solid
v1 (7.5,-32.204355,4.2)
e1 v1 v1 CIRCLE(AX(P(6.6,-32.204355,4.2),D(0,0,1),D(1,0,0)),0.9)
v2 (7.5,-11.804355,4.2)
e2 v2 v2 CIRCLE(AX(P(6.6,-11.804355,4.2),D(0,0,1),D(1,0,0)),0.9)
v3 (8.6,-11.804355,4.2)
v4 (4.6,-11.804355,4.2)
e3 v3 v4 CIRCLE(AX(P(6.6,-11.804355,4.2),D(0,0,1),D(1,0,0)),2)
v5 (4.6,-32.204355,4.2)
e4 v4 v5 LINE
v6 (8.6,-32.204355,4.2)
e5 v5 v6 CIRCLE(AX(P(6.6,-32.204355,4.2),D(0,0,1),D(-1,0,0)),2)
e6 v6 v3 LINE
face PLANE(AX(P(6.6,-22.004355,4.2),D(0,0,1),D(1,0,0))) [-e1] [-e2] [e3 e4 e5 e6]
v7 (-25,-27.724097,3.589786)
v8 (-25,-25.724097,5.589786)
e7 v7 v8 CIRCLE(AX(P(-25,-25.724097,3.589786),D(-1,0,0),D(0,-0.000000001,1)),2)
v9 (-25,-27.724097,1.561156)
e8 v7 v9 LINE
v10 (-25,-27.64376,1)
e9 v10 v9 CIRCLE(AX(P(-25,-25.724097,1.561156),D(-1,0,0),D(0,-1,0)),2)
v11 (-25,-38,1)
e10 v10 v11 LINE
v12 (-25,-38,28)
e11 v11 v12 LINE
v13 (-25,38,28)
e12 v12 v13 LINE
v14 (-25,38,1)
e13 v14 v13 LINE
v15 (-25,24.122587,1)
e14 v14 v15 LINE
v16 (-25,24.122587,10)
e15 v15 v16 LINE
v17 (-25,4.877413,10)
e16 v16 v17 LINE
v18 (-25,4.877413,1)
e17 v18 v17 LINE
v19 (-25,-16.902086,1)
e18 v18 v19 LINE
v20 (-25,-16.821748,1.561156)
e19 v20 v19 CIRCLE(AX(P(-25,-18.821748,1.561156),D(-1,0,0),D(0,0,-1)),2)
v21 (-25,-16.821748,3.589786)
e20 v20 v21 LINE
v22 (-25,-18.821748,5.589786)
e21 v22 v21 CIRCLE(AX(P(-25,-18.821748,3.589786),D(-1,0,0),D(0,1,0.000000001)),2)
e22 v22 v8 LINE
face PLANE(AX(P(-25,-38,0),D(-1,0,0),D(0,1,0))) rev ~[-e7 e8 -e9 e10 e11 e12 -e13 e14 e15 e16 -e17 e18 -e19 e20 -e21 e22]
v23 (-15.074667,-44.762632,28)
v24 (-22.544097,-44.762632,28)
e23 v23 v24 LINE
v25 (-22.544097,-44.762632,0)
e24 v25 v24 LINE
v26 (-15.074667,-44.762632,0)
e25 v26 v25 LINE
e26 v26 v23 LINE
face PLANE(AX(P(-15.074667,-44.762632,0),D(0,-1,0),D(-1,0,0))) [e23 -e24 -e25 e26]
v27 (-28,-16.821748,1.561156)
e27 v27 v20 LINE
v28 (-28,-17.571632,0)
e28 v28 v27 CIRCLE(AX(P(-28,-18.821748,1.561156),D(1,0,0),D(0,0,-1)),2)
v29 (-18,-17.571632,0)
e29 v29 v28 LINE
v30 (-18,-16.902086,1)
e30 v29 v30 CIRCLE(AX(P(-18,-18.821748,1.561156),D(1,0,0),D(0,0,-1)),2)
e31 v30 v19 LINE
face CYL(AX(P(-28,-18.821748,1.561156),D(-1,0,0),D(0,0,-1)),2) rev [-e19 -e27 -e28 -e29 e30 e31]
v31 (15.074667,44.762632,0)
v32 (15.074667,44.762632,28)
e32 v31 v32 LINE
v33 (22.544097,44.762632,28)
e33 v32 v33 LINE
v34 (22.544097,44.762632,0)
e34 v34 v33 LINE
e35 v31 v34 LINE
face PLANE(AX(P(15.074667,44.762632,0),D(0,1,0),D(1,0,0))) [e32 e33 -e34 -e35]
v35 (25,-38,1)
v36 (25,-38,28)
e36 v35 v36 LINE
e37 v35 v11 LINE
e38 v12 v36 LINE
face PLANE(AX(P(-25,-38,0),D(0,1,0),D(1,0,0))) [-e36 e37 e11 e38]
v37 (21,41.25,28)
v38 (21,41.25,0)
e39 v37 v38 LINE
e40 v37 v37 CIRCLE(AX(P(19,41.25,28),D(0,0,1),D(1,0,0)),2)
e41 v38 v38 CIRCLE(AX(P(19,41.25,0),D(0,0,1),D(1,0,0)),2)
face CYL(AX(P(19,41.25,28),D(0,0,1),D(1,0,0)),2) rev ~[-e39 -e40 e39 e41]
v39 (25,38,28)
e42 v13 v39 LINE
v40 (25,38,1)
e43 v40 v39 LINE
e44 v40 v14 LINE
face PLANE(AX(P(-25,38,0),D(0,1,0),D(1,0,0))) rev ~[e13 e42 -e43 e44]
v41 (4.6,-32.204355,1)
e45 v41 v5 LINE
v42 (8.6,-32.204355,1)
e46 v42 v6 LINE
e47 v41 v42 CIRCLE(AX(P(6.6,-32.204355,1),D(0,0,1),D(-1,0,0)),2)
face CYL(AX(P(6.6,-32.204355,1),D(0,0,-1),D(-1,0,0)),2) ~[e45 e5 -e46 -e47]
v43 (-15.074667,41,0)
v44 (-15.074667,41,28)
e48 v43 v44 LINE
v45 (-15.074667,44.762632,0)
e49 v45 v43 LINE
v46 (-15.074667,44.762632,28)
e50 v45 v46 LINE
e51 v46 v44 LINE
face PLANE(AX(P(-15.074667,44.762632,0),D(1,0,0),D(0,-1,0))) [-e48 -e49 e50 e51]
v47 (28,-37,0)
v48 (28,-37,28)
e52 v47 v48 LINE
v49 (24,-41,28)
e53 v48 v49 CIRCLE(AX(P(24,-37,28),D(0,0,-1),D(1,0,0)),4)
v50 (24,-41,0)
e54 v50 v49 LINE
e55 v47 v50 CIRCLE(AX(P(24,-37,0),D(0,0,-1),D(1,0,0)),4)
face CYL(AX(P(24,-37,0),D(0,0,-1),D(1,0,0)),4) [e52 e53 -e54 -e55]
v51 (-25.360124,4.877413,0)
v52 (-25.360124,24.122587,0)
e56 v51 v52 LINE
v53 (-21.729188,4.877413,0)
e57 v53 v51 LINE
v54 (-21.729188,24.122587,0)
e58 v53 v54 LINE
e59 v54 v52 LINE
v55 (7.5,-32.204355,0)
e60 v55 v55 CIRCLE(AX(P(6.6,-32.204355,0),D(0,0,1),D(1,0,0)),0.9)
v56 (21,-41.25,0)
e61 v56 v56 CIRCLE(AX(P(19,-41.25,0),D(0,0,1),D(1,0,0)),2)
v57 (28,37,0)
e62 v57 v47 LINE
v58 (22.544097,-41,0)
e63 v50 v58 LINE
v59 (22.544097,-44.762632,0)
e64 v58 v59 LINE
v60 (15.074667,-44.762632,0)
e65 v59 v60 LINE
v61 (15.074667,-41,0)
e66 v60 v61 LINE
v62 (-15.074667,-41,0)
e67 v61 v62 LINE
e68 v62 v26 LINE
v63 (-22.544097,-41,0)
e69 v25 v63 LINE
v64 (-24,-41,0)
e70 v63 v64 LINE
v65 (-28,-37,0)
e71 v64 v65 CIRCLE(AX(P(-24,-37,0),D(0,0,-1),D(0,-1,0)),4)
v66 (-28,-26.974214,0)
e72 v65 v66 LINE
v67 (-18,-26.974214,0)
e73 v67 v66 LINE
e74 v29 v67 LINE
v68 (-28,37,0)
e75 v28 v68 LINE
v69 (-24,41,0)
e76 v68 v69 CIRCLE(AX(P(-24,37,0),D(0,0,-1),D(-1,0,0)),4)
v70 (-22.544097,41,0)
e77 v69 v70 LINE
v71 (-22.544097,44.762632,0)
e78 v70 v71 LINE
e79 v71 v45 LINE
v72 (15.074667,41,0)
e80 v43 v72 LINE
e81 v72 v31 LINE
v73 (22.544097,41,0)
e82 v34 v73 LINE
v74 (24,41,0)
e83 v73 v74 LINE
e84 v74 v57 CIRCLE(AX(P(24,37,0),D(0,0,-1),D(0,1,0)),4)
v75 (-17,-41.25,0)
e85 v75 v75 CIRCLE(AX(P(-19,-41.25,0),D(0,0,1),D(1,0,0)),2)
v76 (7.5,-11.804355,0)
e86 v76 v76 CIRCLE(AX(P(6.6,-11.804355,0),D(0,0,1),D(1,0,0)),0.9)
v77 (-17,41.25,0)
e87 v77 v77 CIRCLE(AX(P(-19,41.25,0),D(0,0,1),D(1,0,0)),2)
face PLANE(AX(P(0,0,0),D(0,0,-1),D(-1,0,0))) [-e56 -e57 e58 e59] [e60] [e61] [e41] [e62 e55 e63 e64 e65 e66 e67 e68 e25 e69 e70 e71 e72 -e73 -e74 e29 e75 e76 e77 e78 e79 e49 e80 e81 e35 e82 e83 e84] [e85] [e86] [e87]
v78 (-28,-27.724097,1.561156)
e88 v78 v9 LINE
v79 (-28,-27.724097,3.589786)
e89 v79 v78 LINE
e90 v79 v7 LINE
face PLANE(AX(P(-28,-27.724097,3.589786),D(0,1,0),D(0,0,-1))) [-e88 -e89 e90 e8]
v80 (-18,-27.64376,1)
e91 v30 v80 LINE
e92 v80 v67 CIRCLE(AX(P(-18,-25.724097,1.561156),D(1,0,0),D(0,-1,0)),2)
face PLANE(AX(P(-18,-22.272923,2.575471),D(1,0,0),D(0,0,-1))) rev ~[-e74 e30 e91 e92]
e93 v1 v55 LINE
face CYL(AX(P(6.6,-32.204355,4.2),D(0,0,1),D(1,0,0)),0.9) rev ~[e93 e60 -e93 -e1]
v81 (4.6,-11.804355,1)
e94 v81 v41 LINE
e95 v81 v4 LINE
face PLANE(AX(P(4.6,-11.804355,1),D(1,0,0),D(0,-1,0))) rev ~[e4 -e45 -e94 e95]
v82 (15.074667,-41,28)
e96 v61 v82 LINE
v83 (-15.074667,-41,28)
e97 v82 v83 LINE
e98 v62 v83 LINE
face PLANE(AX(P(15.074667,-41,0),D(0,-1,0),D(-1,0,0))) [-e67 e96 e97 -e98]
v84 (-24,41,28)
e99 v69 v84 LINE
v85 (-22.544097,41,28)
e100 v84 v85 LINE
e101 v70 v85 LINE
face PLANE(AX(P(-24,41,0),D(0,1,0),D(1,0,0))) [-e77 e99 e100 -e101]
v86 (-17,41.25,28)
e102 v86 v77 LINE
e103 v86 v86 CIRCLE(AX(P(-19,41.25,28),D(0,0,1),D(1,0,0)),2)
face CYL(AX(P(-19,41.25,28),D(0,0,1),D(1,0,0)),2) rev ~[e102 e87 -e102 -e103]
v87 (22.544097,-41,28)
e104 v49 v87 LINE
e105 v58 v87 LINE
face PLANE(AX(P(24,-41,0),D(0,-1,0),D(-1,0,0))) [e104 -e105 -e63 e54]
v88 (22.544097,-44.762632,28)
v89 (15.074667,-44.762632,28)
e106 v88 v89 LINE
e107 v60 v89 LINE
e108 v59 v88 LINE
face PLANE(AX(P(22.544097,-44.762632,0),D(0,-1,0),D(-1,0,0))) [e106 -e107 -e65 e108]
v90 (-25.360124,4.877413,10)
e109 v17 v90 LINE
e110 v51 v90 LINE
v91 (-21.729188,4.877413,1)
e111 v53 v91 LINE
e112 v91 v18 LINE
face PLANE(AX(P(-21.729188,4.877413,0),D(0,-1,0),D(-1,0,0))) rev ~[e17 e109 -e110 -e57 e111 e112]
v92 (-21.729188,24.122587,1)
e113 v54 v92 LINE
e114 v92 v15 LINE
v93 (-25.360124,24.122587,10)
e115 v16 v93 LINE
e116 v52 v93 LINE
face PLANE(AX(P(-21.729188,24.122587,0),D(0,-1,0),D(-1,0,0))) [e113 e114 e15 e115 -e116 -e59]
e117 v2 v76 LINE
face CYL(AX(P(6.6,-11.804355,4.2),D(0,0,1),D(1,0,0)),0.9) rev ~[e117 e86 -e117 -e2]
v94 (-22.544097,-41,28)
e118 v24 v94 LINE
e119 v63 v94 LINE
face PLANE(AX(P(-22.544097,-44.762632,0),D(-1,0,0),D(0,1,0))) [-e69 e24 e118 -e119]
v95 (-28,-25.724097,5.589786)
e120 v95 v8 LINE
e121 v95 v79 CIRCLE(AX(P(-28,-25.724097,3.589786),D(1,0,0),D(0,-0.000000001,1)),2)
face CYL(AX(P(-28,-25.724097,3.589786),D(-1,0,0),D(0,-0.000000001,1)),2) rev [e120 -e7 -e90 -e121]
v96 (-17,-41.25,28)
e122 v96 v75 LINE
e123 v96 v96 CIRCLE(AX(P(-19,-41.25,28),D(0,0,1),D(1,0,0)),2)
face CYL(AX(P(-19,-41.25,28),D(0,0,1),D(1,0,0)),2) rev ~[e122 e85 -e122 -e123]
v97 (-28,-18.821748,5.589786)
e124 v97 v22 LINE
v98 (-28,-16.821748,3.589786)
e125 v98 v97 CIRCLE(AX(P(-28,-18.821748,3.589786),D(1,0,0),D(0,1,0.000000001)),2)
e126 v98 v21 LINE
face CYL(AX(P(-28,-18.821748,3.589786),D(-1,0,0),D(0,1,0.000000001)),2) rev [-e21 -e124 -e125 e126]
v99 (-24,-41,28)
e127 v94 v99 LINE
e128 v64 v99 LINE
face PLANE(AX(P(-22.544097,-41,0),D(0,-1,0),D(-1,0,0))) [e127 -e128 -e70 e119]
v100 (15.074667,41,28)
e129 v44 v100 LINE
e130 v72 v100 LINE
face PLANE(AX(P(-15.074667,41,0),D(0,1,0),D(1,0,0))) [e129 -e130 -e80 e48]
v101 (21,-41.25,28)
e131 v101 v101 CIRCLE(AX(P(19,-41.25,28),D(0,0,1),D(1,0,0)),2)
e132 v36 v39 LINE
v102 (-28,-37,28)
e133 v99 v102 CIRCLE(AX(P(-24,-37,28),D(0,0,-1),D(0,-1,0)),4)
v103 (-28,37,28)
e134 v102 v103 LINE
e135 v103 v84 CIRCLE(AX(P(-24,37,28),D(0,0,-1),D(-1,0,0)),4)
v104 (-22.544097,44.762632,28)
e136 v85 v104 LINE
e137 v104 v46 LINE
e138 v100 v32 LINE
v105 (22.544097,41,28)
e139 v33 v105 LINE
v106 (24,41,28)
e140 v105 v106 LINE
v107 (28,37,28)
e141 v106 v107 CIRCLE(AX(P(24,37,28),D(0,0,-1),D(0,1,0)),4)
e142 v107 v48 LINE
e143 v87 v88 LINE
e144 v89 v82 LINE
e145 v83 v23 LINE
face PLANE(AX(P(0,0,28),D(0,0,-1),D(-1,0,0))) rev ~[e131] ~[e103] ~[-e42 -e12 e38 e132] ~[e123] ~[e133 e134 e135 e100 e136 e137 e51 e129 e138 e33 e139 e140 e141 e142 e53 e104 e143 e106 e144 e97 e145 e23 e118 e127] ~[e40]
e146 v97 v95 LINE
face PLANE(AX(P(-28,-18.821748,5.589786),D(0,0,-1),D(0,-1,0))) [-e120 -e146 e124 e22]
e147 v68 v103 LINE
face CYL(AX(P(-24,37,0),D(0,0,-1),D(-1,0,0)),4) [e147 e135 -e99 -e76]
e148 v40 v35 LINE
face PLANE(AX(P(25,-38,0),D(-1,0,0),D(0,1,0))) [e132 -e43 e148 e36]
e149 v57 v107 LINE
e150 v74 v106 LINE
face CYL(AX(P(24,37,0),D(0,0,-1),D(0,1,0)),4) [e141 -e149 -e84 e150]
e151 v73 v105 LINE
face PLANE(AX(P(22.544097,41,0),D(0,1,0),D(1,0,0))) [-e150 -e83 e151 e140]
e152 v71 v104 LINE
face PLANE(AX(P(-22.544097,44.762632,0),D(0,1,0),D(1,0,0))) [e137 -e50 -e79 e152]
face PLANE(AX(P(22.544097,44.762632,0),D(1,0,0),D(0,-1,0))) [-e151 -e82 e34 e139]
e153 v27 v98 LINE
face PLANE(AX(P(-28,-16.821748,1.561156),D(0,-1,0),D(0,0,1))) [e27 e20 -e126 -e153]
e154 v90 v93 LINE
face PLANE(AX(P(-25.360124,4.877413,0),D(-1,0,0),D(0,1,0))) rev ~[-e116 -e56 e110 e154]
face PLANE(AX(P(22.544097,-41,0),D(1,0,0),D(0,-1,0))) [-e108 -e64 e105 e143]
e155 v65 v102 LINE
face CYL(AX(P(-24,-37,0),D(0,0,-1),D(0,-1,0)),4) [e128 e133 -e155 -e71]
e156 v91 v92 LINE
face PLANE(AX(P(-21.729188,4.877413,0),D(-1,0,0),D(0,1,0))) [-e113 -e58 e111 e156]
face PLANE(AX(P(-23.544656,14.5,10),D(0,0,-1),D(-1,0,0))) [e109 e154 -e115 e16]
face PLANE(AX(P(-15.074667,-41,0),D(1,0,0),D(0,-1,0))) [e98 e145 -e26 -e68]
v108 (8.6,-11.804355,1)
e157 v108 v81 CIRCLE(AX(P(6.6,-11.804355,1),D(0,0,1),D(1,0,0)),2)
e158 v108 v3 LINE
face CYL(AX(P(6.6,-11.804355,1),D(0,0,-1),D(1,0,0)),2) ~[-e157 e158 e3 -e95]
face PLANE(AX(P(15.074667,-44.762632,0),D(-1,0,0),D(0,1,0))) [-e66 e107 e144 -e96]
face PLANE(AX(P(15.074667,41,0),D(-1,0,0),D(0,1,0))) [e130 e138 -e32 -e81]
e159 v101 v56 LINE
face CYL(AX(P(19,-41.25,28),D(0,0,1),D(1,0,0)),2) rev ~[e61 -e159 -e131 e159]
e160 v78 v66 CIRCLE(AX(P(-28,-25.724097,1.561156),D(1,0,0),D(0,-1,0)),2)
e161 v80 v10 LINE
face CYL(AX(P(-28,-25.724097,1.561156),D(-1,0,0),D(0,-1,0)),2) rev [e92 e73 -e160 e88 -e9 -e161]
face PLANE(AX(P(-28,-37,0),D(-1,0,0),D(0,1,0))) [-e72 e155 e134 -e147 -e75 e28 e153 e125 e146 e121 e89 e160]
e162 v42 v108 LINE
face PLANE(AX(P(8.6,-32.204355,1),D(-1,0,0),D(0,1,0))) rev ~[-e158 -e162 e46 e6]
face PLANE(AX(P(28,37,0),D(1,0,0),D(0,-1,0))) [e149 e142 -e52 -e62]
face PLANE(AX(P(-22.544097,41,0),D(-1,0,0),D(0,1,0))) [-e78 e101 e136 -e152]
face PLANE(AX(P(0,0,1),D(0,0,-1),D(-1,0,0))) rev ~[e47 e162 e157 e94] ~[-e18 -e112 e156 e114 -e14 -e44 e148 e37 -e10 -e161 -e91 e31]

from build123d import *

# Parameters (mm, degrees)
CROQUIS1_W              = 50
CROQUIS1_H              = 76
SALIENTE_EXTRUIR1_DEPTH = 28
CROQUIS2_R              = 2
CORTAR_EXTRUIR1_DEPTH   = 28
CROQUIS3_W              = 51.795240056
CROQUIS3_H              = 77.113165798
SALIENTE_EXTRUIR2_DEPTH = 1
CROQUIS4_W              = 3.63093588
CROQUIS4_H              = 19.245174354
CORTAR_EXTRUIR2_DEPTH   = 10
SALIENTE_EXTRUIR3_DEPTH = 3.2
CROQUIS6_R              = 0.9
CORTAR_EXTRUIR3_DEPTH   = 10
CORTAR_EXTRUIR4_DEPTH   = 10


with BuildPart() as part:
    # Croquis1 → Saliente-Extruir1 (new body)
    with BuildSketch(Plane.XY):
        with BuildLine():
            Line((-24, 41), (-22.544096538, 41))
            Line((-22.544096538, 41), (-22.544096538, 44.762632311))
            Line((-22.544096538, 44.762632311), (-15.074666962, 44.762632311))
            Line((-15.074666962, 44.762632311), (-15.074666962, 41))
            Line((-15.074666962, 41), (15.074666962, 41))
            Line((15.074666962, 41), (15.074666962, 44.762632311))
            Line((15.074666962, 44.762632311), (22.544096538, 44.762632311))
            Line((22.544096538, 44.762632311), (22.544096538, 41))
            Line((22.544096538, 41), (24, 41))
            ThreePointArc((24, 41), (26.828427125, 39.828427125), (28, 37))
            Line((28, 37), (28, -37))
            ThreePointArc((28, -37), (26.828427125, -39.828427125), (24, -41))
            Line((24, -41), (22.544096538, -41))
            Line((22.544096538, -41), (22.544096538, -44.762632311))
            Line((22.544096538, -44.762632311), (15.074666962, -44.762632311))
            Line((15.074666962, -44.762632311), (15.074666962, -41))
            Line((15.074666962, -41), (-15.074666962, -41))
            Line((-15.074666962, -41), (-15.074666962, -44.762632311))
            Line((-15.074666962, -44.762632311), (-22.544096538, -44.762632311))
            Line((-22.544096538, -44.762632311), (-22.544096538, -41))
            Line((-22.544096538, -41), (-24, -41))
            ThreePointArc((-24, -41), (-26.828427125, -39.828427125), (-28, -37))
            Line((-28, -37), (-28, 37))
            ThreePointArc((-28, 37), (-26.828427125, 39.828427125), (-24, 41))
        make_face()
        Rectangle(CROQUIS1_W, CROQUIS1_H, mode=Mode.SUBTRACT)
    extrude(amount=SALIENTE_EXTRUIR1_DEPTH)

    # Croquis2 → Cortar-Extruir1 (cut)
    with BuildSketch(Plane.XY.offset(28)):
        with Locations((-19, 41.25)):
            Circle(CROQUIS2_R)
        with Locations((19, 41.25)):
            Circle(CROQUIS2_R)
        with Locations((-19, -41.25)):
            Circle(CROQUIS2_R)
        with Locations((19, -41.25)):
            Circle(CROQUIS2_R)
    extrude(amount=-CORTAR_EXTRUIR1_DEPTH, mode=Mode.SUBTRACT)

    # Croquis3 → Saliente-Extruir2 (add)
    with BuildSketch(Plane(origin=(0, 0, 0), x_dir=(-1, 0, 0), z_dir=(0, 0, -1))):
        Rectangle(CROQUIS3_W, CROQUIS3_H)
    extrude(amount=-SALIENTE_EXTRUIR2_DEPTH)

    # Croquis4 → Cortar-Extruir2 (cut)
    with BuildSketch(Plane(origin=(0, 0, 0), x_dir=(-1, 0, 0), z_dir=(0, 0, -1))):
        with Locations((23.544656322, 14.5)):
            Rectangle(CROQUIS4_W, CROQUIS4_H)
    extrude(amount=-CORTAR_EXTRUIR2_DEPTH, mode=Mode.SUBTRACT)

    # Croquis5 → Saliente-Extruir3 (add)
    with BuildSketch(Plane.XY.offset(1)):
        with BuildLine():
            Line((8.6, -32.204355183), (8.6, -11.804355183))
            ThreePointArc((8.6, -11.804355183), (6.6, -9.804355183), (4.6, -11.804355183))
            Line((4.6, -11.804355183), (4.6, -32.204355183))
            ThreePointArc((4.6, -32.204355183), (6.6, -34.204355183), (8.6, -32.204355183))
        make_face()
    extrude(amount=SALIENTE_EXTRUIR3_DEPTH)

    # Croquis6 → Cortar-Extruir3 (cut)
    with BuildSketch(Plane.XY.offset(4.2)):
        with Locations((6.6, -32.204355183)):
            Circle(CROQUIS6_R)
        with Locations((6.6, -11.804355183)):
            Circle(CROQUIS6_R)
    extrude(amount=-CORTAR_EXTRUIR3_DEPTH, mode=Mode.SUBTRACT)

    # Croquis7 → Cortar-Extruir4 (cut)
    with BuildSketch(Plane.ZY.offset(28)):
        with BuildLine():
            Line((3.589785913, -27.724097248), (1.561156319, -27.724097248))
            ThreePointArc((1.561156319, -27.724097248), (0.146942756, -27.13831081), (-0.438843681, -25.724097248))
            Line((-0.438843681, -25.724097248), (-0.438843681, -18.821747943))
            ThreePointArc((-0.438843681, -18.821747943), (0.146942756, -17.407534381), (1.561156319, -16.821747943))
            Line((1.561156319, -16.821747943), (3.589785913, -16.821747943))
            ThreePointArc((3.589785913, -16.821747943), (5.003999475, -17.407534381), (5.589785913, -18.821747943))
            Line((5.589785913, -18.821747943), (5.589785913, -25.724097248))
            ThreePointArc((5.589785913, -25.724097248), (5.003999475, -27.13831081), (3.589785913, -27.724097248))
        make_face()
    extrude(amount=-CORTAR_EXTRUIR4_DEPTH, mode=Mode.SUBTRACT)


solid = part.part
